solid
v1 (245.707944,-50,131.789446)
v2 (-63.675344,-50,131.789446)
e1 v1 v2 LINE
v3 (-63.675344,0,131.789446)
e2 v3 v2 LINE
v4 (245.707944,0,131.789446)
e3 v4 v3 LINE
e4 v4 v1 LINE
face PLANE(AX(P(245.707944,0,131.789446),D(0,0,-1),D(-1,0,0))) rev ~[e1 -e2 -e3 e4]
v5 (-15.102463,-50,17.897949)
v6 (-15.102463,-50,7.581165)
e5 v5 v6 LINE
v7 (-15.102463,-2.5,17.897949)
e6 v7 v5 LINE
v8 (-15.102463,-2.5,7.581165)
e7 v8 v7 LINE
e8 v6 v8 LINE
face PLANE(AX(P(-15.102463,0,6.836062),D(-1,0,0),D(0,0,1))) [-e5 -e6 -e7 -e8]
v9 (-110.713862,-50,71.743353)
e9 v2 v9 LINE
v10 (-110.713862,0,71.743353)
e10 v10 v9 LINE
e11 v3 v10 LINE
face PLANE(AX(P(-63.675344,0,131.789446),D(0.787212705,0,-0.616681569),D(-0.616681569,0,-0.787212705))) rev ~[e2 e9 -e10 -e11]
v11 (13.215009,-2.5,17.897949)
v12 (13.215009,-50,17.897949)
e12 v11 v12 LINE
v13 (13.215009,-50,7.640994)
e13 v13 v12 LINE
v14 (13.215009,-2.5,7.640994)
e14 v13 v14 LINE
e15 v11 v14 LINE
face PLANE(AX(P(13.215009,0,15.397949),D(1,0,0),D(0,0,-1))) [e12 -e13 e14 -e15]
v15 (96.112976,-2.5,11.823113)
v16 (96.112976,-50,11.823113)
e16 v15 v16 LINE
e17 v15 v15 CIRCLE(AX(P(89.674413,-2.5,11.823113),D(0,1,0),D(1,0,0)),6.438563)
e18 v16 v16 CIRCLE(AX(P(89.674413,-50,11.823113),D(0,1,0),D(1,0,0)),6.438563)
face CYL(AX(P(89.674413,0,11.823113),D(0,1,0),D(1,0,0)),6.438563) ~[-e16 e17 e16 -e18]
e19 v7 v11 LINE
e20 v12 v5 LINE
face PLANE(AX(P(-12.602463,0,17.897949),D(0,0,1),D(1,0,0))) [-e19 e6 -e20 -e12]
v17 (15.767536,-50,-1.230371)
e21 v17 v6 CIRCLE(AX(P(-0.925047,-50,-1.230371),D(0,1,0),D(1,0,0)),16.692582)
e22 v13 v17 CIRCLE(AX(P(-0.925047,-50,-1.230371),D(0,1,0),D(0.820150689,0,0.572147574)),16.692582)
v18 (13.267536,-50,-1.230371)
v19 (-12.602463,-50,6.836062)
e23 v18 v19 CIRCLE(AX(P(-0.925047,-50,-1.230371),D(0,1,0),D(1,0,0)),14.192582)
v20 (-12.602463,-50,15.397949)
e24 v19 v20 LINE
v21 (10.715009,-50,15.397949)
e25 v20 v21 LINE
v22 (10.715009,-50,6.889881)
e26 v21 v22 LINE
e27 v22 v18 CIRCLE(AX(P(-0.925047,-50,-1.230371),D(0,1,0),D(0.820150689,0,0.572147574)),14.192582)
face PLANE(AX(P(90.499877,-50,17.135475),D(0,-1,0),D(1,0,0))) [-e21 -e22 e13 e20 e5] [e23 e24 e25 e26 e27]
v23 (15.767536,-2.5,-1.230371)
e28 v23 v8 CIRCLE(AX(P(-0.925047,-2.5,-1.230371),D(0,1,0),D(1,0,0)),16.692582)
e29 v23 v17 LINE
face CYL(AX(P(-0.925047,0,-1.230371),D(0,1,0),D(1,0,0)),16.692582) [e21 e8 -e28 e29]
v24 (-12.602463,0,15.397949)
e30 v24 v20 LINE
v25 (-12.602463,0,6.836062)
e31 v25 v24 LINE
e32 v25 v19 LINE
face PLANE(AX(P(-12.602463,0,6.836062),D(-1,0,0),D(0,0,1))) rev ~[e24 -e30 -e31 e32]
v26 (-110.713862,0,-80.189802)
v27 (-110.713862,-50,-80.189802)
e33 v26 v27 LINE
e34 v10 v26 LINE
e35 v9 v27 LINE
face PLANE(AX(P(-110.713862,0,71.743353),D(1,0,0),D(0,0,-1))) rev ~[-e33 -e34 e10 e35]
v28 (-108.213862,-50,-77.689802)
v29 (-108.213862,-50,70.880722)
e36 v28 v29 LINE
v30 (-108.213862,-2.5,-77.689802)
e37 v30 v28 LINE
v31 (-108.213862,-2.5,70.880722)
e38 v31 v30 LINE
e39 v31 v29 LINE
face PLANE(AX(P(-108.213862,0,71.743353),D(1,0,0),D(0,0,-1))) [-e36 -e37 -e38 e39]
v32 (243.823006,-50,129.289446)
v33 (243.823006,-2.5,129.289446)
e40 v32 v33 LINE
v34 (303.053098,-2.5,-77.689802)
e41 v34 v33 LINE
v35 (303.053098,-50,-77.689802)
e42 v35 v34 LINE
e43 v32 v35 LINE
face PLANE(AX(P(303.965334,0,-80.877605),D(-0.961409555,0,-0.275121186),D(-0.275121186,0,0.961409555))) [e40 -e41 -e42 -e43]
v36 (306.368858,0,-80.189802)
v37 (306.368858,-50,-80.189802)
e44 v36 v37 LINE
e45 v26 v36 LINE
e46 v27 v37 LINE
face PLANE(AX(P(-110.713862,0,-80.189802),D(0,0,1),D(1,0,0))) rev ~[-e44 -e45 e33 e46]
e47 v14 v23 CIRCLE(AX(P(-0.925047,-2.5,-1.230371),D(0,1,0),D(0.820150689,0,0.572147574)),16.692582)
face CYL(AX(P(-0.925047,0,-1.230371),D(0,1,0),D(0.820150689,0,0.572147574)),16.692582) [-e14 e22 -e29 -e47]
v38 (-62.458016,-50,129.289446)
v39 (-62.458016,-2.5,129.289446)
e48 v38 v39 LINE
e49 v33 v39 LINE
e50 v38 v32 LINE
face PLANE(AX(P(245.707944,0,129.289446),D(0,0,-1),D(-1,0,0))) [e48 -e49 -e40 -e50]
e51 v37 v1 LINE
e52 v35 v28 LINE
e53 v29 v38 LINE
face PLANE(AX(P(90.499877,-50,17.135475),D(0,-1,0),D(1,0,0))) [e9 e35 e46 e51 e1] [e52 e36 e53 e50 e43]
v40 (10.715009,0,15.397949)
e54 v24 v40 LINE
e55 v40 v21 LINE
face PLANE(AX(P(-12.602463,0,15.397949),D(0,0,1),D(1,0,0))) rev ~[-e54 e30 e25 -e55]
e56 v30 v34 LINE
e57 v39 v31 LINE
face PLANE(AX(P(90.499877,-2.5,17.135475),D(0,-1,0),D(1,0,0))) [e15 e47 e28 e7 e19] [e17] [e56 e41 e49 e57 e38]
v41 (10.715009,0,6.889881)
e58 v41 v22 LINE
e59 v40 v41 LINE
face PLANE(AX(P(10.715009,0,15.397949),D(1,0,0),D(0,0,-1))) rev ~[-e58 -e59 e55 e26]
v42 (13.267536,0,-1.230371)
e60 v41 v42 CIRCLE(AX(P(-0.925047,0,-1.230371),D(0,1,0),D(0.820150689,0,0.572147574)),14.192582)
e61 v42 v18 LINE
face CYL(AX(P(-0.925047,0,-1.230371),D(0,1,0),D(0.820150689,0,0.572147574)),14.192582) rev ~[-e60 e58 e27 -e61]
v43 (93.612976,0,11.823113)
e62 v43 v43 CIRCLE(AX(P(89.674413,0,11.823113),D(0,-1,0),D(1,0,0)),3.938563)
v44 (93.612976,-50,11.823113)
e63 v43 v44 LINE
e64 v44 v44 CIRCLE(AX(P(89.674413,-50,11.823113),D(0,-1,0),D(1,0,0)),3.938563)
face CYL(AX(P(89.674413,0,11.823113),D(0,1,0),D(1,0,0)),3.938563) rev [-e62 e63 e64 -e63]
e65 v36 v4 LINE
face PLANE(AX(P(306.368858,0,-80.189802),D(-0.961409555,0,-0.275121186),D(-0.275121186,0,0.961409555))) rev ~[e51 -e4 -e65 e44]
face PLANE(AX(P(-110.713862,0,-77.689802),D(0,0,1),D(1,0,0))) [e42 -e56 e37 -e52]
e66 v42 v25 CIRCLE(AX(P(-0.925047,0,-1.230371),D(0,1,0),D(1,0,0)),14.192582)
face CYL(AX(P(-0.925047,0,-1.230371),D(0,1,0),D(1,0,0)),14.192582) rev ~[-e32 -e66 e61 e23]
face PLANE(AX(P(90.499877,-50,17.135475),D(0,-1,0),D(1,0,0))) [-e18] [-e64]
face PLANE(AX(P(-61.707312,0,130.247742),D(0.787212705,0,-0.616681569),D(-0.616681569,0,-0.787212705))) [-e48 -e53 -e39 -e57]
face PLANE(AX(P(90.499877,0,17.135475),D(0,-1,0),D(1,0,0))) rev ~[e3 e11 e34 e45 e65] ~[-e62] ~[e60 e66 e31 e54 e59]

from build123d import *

# Parameters (mm, degrees)
F0_R     = 3.9385625542
F1_DEPTH = 50
F2_T     = -2.5


with BuildPart() as f1:
    # F0 (on Front) → F1 (new body)
    with BuildSketch(Plane.XZ):
        Polygon((-63.6753439903, 131.7894458771), (-110.7138618827, 71.7433527191), (-110.7138618827, -80.1898017526), (306.3688576221, -80.1898017526), (245.7079440355, 131.7894458771), align=None)
        with BuildLine():
            ThreePointArc((10.7150094085, 6.889880588), (12.6143743289, 3.0256211841), (13.267535524, -1.2303708618))
            ThreePointArc((13.267535524, -1.2303708618), (-5.1497771024, -14.7795789773), (-12.6024631263, 6.836061563))
            Line((-12.6024631263, 6.836061563), (-12.6024631263, 15.3979491442))
            Line((-12.6024631263, 15.3979491442), (10.7150094085, 15.3979491442))
            Line((10.7150094085, 15.3979491442), (10.7150094085, 6.889880588))
        make_face(mode=Mode.SUBTRACT)
        with Locations((89.6744132042, 11.8231130764)):
            Circle(F0_R, mode=Mode.SUBTRACT)
    extrude(amount=F1_DEPTH)

    # F2
    f2_openings = [f1.faces().sort_by_distance(p)[0] for p in [
        (86.977321, -50, 21.670217),
    ]]
    offset(amount=F2_T, openings=f2_openings, kind=Kind.INTERSECTION)


solid = f1.part
